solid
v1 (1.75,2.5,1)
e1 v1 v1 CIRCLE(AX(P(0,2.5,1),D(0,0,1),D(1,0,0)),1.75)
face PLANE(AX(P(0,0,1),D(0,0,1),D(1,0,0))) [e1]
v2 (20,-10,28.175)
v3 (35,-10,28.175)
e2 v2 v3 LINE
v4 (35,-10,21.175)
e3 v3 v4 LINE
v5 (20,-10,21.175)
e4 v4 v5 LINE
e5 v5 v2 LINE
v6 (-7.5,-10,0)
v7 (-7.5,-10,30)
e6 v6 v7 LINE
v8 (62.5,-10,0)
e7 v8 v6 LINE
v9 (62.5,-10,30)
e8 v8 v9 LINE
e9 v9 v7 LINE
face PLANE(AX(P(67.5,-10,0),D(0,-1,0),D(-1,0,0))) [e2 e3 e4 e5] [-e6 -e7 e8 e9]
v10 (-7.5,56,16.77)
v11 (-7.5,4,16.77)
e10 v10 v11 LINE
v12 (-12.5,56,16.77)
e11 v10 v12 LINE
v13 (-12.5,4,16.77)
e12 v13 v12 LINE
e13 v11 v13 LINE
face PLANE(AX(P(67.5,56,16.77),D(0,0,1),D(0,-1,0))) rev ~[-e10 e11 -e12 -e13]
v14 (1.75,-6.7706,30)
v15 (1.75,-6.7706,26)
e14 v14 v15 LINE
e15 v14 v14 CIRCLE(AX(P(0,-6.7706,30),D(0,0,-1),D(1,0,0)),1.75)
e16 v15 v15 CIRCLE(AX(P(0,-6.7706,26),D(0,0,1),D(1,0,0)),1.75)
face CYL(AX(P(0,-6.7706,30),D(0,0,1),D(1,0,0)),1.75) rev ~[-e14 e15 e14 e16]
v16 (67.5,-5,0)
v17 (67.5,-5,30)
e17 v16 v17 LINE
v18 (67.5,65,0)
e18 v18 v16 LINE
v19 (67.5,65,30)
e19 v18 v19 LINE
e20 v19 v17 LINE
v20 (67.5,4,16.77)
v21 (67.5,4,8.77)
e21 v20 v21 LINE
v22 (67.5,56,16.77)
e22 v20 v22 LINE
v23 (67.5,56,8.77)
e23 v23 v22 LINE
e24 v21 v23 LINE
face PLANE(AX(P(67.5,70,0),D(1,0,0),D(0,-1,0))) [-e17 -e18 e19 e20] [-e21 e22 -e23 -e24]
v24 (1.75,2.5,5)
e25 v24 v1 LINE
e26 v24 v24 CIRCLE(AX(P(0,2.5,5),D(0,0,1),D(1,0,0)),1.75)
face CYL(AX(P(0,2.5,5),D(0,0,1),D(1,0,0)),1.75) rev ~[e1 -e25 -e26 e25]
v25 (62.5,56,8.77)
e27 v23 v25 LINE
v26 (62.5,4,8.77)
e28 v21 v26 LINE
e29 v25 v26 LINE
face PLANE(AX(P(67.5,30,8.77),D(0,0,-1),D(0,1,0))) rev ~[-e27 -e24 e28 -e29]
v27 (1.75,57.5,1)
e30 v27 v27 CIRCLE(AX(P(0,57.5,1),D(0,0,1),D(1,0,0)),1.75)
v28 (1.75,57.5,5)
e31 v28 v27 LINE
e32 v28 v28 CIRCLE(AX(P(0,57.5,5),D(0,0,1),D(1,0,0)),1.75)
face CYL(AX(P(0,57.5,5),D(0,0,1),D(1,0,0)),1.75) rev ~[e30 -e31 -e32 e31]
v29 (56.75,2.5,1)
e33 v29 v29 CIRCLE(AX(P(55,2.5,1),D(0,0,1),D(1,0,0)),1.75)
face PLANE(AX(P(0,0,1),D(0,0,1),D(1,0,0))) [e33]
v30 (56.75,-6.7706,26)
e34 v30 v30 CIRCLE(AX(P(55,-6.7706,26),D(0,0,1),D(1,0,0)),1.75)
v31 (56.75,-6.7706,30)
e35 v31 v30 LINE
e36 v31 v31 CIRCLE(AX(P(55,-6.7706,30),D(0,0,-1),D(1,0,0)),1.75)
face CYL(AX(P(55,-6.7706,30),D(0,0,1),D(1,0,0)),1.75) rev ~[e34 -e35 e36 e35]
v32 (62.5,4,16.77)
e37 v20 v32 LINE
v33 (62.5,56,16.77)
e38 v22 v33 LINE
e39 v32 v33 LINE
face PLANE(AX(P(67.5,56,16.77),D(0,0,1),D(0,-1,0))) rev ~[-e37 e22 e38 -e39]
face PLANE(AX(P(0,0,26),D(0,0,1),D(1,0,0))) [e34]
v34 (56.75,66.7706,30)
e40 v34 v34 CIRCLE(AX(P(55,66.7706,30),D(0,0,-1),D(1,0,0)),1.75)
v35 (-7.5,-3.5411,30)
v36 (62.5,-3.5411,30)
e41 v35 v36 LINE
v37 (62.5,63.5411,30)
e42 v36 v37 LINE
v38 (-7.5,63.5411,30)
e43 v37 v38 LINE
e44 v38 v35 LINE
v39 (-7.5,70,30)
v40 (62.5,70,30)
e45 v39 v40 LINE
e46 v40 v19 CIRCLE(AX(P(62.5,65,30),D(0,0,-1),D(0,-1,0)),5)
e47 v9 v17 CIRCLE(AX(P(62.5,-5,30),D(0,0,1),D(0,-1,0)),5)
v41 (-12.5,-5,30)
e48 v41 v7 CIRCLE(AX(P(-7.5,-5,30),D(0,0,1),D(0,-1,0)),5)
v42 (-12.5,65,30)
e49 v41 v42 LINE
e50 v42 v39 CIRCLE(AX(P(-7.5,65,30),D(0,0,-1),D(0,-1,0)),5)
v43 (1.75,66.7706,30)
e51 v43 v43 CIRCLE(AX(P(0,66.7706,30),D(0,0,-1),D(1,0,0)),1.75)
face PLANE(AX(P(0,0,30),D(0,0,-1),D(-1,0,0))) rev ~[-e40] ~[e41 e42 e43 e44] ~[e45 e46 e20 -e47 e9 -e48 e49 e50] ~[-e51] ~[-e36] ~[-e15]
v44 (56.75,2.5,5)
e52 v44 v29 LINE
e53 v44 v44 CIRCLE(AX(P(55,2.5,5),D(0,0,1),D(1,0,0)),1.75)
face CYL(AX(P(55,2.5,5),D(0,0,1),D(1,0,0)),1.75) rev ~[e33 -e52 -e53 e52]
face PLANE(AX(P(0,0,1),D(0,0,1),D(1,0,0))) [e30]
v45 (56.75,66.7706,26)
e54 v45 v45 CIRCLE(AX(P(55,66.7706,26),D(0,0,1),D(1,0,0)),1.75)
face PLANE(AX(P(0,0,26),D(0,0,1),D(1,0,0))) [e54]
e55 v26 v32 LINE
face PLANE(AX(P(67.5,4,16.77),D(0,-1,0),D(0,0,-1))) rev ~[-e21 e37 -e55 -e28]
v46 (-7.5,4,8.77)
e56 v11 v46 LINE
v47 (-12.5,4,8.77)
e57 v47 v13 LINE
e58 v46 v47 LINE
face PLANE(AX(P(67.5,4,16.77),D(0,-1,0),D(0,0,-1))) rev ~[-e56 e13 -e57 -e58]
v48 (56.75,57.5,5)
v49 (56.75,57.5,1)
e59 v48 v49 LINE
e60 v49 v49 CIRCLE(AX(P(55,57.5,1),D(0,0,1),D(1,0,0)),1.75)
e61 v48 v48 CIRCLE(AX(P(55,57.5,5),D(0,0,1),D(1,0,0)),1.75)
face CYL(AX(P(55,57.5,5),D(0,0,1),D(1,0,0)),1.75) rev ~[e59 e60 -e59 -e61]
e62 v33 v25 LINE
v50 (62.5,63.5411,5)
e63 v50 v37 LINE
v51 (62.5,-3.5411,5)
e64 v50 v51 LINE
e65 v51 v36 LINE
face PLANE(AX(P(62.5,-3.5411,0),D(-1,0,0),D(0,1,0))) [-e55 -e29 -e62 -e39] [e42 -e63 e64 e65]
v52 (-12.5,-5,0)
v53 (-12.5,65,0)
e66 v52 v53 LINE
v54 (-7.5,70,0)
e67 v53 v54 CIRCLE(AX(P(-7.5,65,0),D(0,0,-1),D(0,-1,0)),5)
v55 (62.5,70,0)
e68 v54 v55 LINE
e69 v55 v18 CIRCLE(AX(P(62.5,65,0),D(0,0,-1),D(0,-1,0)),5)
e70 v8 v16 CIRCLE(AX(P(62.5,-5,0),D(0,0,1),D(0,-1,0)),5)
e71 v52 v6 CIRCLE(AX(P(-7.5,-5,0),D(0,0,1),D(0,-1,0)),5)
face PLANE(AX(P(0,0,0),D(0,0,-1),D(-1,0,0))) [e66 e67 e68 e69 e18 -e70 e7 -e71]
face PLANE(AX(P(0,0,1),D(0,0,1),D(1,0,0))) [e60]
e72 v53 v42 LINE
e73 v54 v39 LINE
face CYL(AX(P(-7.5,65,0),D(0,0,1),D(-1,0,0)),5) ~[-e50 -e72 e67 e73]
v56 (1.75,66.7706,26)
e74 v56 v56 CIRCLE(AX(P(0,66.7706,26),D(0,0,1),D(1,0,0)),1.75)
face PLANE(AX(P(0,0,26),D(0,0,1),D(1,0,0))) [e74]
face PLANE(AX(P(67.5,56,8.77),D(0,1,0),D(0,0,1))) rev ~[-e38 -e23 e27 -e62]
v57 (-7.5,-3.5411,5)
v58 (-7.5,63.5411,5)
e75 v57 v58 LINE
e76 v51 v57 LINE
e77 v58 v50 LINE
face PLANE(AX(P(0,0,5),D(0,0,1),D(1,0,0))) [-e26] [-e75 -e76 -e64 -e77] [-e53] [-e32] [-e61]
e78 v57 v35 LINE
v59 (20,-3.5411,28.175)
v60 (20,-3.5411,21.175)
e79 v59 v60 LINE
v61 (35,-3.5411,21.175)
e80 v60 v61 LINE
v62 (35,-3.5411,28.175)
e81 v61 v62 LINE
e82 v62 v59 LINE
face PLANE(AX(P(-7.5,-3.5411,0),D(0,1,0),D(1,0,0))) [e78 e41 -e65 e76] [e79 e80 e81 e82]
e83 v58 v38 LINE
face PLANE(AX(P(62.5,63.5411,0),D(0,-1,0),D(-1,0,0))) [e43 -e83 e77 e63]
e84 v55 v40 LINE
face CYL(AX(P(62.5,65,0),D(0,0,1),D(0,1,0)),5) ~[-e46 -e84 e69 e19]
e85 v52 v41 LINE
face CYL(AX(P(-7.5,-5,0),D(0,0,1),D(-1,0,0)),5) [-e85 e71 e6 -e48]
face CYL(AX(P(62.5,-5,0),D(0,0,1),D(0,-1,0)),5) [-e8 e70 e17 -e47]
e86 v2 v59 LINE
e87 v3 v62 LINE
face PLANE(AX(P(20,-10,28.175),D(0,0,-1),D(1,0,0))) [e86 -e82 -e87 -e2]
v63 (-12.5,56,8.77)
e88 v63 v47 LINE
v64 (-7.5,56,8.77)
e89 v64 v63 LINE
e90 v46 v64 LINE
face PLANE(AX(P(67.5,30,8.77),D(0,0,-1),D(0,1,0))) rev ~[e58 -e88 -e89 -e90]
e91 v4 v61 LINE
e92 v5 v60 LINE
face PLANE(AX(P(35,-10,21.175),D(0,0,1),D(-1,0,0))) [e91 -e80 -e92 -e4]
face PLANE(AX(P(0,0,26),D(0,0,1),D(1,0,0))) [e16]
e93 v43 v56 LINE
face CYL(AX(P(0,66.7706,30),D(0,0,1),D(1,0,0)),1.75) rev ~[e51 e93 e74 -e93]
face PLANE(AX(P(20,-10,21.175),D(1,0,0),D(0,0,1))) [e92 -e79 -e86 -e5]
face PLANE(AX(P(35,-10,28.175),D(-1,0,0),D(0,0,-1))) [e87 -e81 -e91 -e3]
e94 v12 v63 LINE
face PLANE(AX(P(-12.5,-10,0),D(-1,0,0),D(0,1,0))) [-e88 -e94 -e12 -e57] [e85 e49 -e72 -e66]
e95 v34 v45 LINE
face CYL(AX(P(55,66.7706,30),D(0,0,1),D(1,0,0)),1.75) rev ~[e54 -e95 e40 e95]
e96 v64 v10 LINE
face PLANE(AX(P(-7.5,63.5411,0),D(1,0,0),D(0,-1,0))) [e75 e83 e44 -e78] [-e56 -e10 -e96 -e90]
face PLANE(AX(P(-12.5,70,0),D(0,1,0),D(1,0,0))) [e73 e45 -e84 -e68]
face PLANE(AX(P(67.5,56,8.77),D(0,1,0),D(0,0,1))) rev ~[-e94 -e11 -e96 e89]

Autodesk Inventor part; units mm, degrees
ref_plane "YZ Plane" through (0, 0, 0) normal (1, 0, 0) x (0, 1, 0)
ref_plane "XZ Plane" through (0, 0, 0) normal (0, 1, 0) x (-1, 0, 0)
ref_plane "XY Plane" through (0, 0, 0) normal (0, 0, 1) x (1, 0, 0)
sketch "Эскиз1" plane through (0, 0, 0) normal (0, 0, 1) x (1, 0, 0)
  circle A0 centre (0, 2.5) radius 1.1
  circle A1 centre (55, 2.5) radius 1.1
  circle A2 centre (0, 57.5) radius 1.1
  circle A3 centre (55, 57.5) radius 1.1
  line L0 (15.5, 60) -> (0, 60)
  line L1 (-2.5, 57.5) -> (-2.5, 2.5)
  line L2 (55, 60) -> (39.5, 60)
  line L3 (57.5, 2.5) -> (57.5, 57.5)
  line L4 (-2.5, 2.5) -> (-2.5, 0)
  line L5 (0, 60) -> (-2.5, 60)
  line L6 (-2.5, 60) -> (-2.5, 57.5)
  line L7 (39.5, 60) -> (15.5, 60)
  line L8 (57.5, 2.5) -> (57.5, 0)
  line L9 (57.5, 0) -> (-2.5, 0)
  line L10 (57.5, 57.5) -> (57.5, 60)
  line L11 (57.5, 60) -> (55, 60)
  line L12 (-7.5, 63.5411) -> (62.5, 63.5411)
  line L13 (62.5, 63.5411) -> (62.5, -3.5411)
  line L14 (62.5, -3.5411) -> (-7.5, -3.5411)
  line L15 (-7.5, -3.5411) -> (-7.5, 63.5411)
  line L16 (-7.5, 63.5411) -> (62.5, -3.5411) construction
  line L17 (62.5, 63.5411) -> (-7.5, -3.5411) construction
  point P0 (0, 0)
  point P1 (27.5, 30)
  dimension "d0" = 70
extrude "Выдавливание1" add sketch "Эскиз1" along normal blind 5 contours A0 | A1 | A2 | A3 | L7 L2 L11 L10 L3 L8 L9 L4 L1 L6 L5 L0 | L12 L13 L14 L15
sketch "Эскиз2" plane through (0, 0, 0) normal (0, 0, -1) x (-1, 0, 0)
  line L0 (7.5, 63.5411) -> (7.5, -3.5411) projected
  line L1 (-62.5, -3.5411) -> (-62.5, 63.5411) projected
  line L2 (-62.5, 63.5411) -> (7.5, 63.5411) projected
  line L3 (7.5, -3.5411) -> (-62.5, -3.5411) projected
  line L4 (12.5, 70) -> (-67.5, 70)
  line L5 (-67.5, 70) -> (-67.5, -10)
  line L6 (-67.5, -10) -> (12.5, -10)
  line L7 (12.5, -10) -> (12.5, 70)
  line L8 (12.5, 70) -> (-67.5, -10) construction
  line L9 (-67.5, 70) -> (12.5, -10) construction
  point P0 (0, 0)
  point P1 (-27.5, 30)
  dimension "d3" = 80
  dimension "d4" = 80
extrude "Выдавливание2" add sketch "Эскиз2" against normal blind 30
sketch "Эскиз3" plane through (0, 0, 5) normal (0, 0, 1) x (1, 0, 0)
  circle A0 centre (55, 2.5) radius 1.75
  circle A1 centre (55, 57.5) radius 1.75
  circle A2 centre (0, 57.5) radius 1.75
  circle A3 centre (0, 2.5) radius 1.75
  point P0 (0, 0)
  dimension "d7" = 3.5
  dimension "d8" = 3.5
  dimension "d9" = 3.5
  dimension "d10" = 3.5
extrude "Выдавливание3" cut sketch "Эскиз3" against normal blind 4
fillet "Сопряжение1" radius 5 4 edges at (67.5, -10, 15) (67.5, 70, 15) (-12.5, -10, 15) (-12.5, 70, 15)
sketch "Эскиз5" plane through (0, 0, 30) normal (0, 0, 1) x (1, 0, 0)
  circle A0 centre (0, 57.5) radius 1.75 projected
  line L0 (0, 57.5) -> (0, 63.5411)
  line L1 (62.5, 63.5411) -> (-7.5, 63.5411) projected
  line L2 (-7.5, 70) -> (62.5, 70) projected
  line L3 (0, 70) -> (0, 63.5411)
  circle A1 centre (55, 57.5) radius 1.75 projected
  line L4 (55, 57.5) -> (55, 63.5411)
  line L5 (55, 63.5411) -> (55, 70)
  circle A2 centre (55, 66.7706) radius 1.75
  circle A3 centre (0, 66.7706) radius 1.75
  circle A4 centre (55, 2.5) radius 1.75 projected
  line L6 (55, 2.5) -> (55, -3.5411)
  line L7 (62.5, -3.5411) -> (-7.5, -3.5411) projected
  line L8 (55, -3.5411) -> (55, -10)
  line L9 (62.5, -10) -> (-7.5, -10) projected
  circle A5 centre (0, 2.5) radius 1.75 projected
  line L10 (0, 2.5) -> (0, -3.5411)
  line L11 (0, -3.5411) -> (0, -10)
  circle A6 centre (55, -6.7706) radius 1.75
  circle A7 centre (0, -6.7706) radius 1.75
  point P0 (0, 0)
  dimension "d14" = 3.5
  dimension "d15" = 3.5
  dimension "d16" = 3.5
  dimension "d17" = 3.5
extrude "Выдавливание4" cut sketch "Эскиз5" against normal blind 4 contours A3 L3 | L3 A3 | A2 L5 | L5 A2 | A6 L8 | L8 A6 | A7 L11 | L11 A7
sketch "Эскиз6" plane through (0, 0, 30) normal (0, 0, 1) x (1, 0, 0)
  line L0 (62.5, 70) -> (-7.5, 70) projected
  line L1 (-12.5, 65) -> (-12.5, -5) projected
  arc A0 (-7.5, 70) -> (-12.5, 65) centre (-7.5, 65) ccw projected
  arc A1 (67.5, 65) -> (62.5, 70) centre (62.5, 65) ccw projected
  line L2 (67.5, -5) -> (67.5, 65) projected
  arc A2 (62.5, -10) -> (67.5, -5) centre (62.5, -5) ccw projected
  line L3 (-7.5, -10) -> (62.5, -10) projected
  arc A3 (-12.5, -5) -> (-7.5, -10) centre (-7.5, -5) ccw projected
  circle A4 centre (0, 66.7706) radius 1.75 projected
  circle A5 centre (55, 66.7706) radius 1.75 projected
  circle A6 centre (55, -6.7706) radius 1.75 projected
  circle A7 centre (0, -6.7706) radius 1.75 projected
  line L4 (62.5, -3.5411) -> (-7.5, -3.5411) projected
  line L5 (-7.5, -3.5411) -> (-7.5, 63.5411) projected
  line L6 (-7.5, 63.5411) -> (62.5, 63.5411) projected
  line L7 (62.5, 63.5411) -> (62.5, -3.5411) projected
  point P0 (0, 0)
sketch "Эскиз7" plane through (67.5, -5, 0) normal (1, 0, 0) x (0, 0, -1)
  line L0 (-30, -5) -> (0, -5)
  line L1 (-30, 0) -> (-30, 70)
  line L2 (0, 75) -> (-30, 75)
  line L3 (0, 70) -> (0, 0)
  line L4 (-30, 35) -> (0, 35)
  line L5 (-12.99, 13.983) -> (-12.99, 13.543)
  line L6 (-12.55, 13.543) -> (-12.55, 13.983)
  line L7 (-12.99, 13.763) -> (-12.55, 13.763)
  line L8 (-13.44, 12.493) -> (-12.1, 12.493)
  line L9 (-16.77, 9) -> (-8.77, 9)
  line L10 (-8.77, 9) -> (-8.77, 61)
  line L11 (-8.77, 61) -> (-16.77, 61)
  line L12 (-16.77, 61) -> (-16.77, 9)
  line L13 (-12.77, 13.763) -> (-12.77, 10.2135)
  point P0 (0, 5)
  dimension "d20" = 26
  dimension "d21" = 26
  dimension "d22" = 8
  dimension "d23" = 4
extrude "Выдавливание5" cut sketch "Эскиз7" against normal through all
sketch "Эскиз8" plane through (-7.5, -10, 0) normal (0, -1, 0) x (1, 0, 0)
  line L0 (32, 26.125) -> (38, 26.125)
  line L1 (34.72, 23.225) -> (32.7, 23.225)
  line L2 (30.9, 24.9) -> (30.9, 25.1)
  line L3 (39.1, 25.1) -> (39.1, 24.9)
  line L4 (30.9, 25.1) -> (30.9, 26.125)
  line L5 (30.9, 26.125) -> (39.1, 26.125)
  line L6 (39.1, 26.125) -> (39.1, 23.225)
  line L7 (39.1, 23.225) -> (30.9, 23.225)
  line L8 (30.9, 23.225) -> (30.9, 25.1)
  line L9 (42.5, 20.675) -> (27.5, 20.675)
  line L10 (27.5, 20.675) -> (27.5, 28.675)
  line L11 (27.5, 28.675) -> (42.5, 28.675)
  line L12 (42.5, 28.675) -> (42.5, 20.675)
  line L13 (42.5, 20.675) -> (27.5, 28.675) construction
  line L14 (27.5, 20.675) -> (42.5, 28.675) construction
  line L15 (42.5, 21.175) -> (27.5, 21.175)
  line L16 (27.5, 21.175) -> (27.5, 28.175)
  line L17 (27.5, 28.175) -> (42.5, 28.175)
  line L18 (42.5, 28.175) -> (42.5, 21.175)
  line L19 (42.5, 21.175) -> (27.5, 28.175) construction
  line L20 (27.5, 21.175) -> (42.5, 28.175) construction
  point P0 (7.5, 0)
  point P1 (35, 24.675)
  dimension "d26" = 15
  dimension "d27" = 8
  dimension "d28" = 15
  dimension "d29" = 7
extrude "Выдавливание6" cut sketch "Эскиз8" against normal blind 10 contours L0 L5 L6 L3 L7 L1 L8 L2 L4 | L15 L10 L17 L12
properties part number "Case_Base"
